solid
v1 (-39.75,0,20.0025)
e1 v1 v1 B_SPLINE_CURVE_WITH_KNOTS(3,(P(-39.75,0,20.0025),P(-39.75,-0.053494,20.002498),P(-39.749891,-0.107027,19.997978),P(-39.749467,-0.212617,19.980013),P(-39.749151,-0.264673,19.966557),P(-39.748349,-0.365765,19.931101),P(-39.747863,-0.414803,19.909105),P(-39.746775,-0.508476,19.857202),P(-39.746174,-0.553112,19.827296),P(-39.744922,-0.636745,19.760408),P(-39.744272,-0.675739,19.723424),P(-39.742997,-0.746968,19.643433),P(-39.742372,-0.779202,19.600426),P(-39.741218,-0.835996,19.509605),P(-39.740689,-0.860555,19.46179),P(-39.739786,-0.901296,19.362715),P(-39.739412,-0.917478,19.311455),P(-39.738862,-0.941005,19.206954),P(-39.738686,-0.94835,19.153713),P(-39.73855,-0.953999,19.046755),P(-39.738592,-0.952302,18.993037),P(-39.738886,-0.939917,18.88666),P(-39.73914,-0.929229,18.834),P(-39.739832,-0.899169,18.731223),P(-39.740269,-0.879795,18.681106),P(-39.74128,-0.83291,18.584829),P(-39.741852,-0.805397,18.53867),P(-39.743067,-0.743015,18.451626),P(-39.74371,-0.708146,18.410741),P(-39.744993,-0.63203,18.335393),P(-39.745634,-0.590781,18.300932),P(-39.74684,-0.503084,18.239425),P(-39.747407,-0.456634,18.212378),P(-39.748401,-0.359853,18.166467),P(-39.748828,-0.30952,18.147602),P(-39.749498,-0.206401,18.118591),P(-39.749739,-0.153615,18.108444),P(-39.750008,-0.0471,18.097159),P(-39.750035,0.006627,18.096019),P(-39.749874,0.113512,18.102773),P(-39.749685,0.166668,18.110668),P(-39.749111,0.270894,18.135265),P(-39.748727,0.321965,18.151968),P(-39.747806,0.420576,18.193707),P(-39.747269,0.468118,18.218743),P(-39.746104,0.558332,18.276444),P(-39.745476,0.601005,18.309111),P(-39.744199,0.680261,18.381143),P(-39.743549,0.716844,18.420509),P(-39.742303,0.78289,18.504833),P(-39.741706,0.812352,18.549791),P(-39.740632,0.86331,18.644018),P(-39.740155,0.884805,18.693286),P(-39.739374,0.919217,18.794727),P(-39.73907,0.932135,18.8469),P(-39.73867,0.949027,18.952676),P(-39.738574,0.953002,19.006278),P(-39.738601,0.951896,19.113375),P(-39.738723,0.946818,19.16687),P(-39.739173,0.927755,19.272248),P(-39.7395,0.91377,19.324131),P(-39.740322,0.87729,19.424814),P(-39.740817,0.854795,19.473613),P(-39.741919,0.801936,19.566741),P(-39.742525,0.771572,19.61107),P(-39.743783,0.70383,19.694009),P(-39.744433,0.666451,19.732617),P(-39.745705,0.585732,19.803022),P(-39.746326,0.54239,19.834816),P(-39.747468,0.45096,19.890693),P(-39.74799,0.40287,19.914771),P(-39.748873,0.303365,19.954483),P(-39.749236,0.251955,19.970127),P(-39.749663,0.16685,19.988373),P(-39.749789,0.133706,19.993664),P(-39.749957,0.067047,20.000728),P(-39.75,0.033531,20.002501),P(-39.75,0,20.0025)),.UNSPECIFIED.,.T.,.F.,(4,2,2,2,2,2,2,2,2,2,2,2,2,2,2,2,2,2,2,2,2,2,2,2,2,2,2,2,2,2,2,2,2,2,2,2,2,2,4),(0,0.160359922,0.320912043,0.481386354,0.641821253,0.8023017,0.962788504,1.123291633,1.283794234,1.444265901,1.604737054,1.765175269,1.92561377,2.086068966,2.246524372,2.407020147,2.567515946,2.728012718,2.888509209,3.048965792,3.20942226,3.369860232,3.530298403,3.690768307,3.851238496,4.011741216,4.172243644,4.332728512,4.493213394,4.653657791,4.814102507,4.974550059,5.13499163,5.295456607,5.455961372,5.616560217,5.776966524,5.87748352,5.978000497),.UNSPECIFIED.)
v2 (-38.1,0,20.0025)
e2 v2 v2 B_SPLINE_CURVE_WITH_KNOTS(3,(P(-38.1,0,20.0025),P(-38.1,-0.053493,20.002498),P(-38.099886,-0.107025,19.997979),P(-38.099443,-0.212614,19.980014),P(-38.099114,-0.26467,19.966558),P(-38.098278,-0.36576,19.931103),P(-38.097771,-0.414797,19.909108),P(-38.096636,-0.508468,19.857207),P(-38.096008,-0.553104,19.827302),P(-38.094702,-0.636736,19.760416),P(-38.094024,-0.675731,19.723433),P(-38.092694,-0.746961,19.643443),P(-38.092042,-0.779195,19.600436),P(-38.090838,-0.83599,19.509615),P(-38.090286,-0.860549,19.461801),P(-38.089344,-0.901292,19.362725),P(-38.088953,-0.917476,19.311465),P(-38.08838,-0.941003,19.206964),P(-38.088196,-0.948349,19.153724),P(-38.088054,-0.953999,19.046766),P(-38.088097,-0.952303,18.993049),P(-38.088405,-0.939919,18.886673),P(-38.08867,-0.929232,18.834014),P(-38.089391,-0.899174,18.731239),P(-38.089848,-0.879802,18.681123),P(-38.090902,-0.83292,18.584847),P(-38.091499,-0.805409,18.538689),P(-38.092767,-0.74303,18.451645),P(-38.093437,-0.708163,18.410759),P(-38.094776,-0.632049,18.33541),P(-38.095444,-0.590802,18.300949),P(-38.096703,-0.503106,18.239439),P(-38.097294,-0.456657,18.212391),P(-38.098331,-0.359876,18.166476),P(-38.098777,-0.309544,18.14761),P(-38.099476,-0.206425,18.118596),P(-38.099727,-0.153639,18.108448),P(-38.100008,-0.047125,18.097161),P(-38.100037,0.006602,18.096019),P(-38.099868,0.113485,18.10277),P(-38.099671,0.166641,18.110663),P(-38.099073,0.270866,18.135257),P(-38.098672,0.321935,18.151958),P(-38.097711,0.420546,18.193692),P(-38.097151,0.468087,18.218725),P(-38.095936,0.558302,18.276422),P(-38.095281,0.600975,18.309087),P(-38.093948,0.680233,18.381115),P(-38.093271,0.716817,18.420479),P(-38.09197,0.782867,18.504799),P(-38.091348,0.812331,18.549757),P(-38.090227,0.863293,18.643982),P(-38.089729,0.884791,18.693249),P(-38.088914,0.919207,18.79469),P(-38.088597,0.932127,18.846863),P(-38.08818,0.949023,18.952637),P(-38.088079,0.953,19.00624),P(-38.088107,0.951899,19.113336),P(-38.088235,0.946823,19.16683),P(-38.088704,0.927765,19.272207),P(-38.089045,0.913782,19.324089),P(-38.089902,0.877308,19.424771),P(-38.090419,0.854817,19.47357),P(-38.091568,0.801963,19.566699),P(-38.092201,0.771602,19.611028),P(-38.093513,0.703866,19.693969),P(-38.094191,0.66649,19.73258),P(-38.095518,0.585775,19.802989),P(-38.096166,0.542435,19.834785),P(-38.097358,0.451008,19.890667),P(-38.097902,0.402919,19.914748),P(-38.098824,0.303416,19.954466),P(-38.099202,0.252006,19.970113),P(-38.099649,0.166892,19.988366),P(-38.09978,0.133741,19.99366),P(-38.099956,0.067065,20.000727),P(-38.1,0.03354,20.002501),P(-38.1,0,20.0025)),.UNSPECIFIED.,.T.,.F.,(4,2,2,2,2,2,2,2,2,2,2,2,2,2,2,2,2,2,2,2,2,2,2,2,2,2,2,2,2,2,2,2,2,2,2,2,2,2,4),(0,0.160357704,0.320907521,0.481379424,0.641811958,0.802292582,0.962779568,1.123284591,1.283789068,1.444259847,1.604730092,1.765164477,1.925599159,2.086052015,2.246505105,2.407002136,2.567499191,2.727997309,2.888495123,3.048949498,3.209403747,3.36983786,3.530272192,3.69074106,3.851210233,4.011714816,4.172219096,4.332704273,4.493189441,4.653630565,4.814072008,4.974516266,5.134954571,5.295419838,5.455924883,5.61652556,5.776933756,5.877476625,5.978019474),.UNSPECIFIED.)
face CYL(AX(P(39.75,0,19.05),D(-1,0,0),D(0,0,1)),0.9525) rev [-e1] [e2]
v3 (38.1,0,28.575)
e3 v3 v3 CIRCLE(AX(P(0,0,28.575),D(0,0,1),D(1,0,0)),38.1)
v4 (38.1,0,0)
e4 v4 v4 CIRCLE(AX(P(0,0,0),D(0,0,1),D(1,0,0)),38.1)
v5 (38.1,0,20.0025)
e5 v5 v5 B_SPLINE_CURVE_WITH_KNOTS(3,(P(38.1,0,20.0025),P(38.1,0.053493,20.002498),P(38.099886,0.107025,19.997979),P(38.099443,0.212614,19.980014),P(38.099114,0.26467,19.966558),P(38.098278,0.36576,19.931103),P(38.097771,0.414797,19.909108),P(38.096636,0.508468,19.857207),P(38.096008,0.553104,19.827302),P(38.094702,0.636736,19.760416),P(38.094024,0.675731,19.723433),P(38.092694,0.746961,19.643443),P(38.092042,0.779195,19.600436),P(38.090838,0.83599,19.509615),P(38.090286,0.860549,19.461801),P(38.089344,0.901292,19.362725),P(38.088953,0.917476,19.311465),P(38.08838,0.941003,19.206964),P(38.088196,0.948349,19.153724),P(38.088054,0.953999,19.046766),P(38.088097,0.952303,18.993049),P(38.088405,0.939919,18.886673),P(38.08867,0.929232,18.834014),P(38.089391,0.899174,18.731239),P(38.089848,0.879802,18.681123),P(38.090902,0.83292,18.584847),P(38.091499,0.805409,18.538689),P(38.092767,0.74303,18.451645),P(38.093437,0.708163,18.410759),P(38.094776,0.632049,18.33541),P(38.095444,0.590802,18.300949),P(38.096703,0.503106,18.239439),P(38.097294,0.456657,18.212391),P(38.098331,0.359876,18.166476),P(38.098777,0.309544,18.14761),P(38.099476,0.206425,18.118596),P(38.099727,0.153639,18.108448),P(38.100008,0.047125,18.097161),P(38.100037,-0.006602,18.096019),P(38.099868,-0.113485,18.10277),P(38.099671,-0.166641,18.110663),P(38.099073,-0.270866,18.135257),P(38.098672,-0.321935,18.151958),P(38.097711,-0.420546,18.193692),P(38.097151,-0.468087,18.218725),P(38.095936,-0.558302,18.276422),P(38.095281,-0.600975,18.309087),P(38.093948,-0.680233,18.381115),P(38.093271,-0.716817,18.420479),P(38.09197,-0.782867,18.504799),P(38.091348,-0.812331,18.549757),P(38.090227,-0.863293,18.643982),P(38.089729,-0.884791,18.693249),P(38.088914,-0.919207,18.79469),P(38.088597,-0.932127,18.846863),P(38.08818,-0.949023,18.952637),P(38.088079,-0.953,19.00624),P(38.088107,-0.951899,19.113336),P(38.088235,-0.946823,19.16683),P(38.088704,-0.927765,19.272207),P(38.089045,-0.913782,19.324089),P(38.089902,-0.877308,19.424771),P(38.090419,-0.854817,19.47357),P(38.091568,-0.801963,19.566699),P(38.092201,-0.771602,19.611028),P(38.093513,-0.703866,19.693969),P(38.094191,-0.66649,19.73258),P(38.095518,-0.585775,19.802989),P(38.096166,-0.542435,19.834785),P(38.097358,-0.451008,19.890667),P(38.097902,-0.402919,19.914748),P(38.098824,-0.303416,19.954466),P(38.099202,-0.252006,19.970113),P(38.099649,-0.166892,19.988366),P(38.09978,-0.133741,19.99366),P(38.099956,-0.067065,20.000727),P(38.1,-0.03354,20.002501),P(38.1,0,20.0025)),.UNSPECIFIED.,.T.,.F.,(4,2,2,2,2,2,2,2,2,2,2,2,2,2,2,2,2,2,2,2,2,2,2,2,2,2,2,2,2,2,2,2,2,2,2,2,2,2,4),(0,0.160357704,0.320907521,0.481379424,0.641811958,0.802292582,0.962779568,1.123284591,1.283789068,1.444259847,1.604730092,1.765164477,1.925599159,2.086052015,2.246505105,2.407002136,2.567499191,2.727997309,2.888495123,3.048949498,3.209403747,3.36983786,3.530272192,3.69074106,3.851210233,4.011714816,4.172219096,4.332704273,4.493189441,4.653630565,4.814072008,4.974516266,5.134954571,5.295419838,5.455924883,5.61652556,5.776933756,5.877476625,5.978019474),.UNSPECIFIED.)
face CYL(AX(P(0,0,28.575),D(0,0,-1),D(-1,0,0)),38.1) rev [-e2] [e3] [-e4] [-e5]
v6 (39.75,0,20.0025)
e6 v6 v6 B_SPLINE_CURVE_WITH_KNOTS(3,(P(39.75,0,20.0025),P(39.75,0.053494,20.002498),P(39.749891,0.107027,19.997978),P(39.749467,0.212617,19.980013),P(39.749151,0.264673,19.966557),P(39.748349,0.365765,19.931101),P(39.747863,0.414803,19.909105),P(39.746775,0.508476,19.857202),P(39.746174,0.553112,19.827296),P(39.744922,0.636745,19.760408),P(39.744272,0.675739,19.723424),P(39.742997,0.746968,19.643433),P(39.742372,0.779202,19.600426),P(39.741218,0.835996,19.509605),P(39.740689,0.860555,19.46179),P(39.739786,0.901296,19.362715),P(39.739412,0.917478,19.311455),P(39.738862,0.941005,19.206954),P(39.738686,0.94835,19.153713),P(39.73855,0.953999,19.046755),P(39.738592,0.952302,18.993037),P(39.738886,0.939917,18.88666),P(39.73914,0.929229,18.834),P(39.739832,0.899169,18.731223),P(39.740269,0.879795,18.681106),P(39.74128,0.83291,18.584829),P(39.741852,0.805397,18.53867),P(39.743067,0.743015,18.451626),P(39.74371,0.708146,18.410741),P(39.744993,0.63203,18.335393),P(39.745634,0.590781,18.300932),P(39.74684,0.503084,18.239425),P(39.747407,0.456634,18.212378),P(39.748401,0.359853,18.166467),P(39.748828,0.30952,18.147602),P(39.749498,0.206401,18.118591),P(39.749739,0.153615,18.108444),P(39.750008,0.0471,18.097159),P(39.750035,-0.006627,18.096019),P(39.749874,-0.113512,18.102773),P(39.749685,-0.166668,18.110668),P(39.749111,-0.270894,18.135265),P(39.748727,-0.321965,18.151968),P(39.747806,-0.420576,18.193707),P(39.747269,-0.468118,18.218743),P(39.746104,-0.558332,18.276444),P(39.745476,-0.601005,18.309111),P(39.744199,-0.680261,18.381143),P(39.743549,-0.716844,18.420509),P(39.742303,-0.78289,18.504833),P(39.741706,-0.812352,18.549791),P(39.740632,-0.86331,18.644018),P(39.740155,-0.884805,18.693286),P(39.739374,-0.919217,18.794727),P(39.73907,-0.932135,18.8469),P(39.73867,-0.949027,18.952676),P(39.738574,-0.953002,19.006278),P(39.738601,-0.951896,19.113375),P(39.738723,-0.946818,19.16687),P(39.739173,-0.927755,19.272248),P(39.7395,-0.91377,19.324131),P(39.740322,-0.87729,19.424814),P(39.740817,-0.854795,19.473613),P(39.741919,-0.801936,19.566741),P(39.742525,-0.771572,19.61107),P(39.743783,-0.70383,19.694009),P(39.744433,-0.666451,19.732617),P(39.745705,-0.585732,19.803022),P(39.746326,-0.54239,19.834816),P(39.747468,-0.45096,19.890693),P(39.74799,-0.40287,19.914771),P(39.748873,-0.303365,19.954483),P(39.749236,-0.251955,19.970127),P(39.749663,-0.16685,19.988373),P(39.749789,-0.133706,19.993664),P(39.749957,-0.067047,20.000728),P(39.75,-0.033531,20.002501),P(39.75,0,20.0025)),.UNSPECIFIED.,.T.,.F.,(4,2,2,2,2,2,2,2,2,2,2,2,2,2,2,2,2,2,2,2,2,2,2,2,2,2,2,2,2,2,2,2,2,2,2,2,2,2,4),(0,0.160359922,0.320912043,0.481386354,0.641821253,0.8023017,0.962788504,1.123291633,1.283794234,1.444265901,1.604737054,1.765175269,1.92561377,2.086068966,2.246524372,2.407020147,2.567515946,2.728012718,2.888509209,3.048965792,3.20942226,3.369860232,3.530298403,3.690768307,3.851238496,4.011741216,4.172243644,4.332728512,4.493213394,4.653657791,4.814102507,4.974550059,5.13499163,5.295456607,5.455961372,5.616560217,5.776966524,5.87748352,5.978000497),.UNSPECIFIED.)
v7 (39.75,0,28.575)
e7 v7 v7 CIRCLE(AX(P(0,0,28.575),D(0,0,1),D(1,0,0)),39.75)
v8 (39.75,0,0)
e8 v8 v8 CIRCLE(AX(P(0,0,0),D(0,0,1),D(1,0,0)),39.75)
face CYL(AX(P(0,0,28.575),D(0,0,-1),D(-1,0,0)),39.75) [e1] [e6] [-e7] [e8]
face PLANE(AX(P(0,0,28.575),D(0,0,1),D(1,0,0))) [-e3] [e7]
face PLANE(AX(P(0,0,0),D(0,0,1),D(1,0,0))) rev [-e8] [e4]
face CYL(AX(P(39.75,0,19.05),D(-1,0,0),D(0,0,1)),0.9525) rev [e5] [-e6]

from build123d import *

# Parameters (mm, degrees)
SKETCH1_R           = 39.75
SKETCH1_R_2         = 38.1
BOSS_EXTRUDE1_DEPTH = 28.575
SKETCH2_R           = 0.9525
CUT_EXTRUDE1_DEPTH  = 80.5


with BuildPart() as part:
    # Sketch1 → Boss-Extrude1 (new body)
    with BuildSketch(Plane.XY):
        Circle(SKETCH1_R)
        Circle(SKETCH1_R_2, mode=Mode.SUBTRACT)
    extrude(amount=BOSS_EXTRUDE1_DEPTH)

    # Sketch2 → Cut-Extrude1 (cut, through all)
    with BuildSketch(Plane.ZY.offset(39.75)):
        with Locations((19.05, 0)):
            Circle(SKETCH2_R)
    extrude(amount=-CUT_EXTRUDE1_DEPTH, mode=Mode.SUBTRACT)


solid = part.part
